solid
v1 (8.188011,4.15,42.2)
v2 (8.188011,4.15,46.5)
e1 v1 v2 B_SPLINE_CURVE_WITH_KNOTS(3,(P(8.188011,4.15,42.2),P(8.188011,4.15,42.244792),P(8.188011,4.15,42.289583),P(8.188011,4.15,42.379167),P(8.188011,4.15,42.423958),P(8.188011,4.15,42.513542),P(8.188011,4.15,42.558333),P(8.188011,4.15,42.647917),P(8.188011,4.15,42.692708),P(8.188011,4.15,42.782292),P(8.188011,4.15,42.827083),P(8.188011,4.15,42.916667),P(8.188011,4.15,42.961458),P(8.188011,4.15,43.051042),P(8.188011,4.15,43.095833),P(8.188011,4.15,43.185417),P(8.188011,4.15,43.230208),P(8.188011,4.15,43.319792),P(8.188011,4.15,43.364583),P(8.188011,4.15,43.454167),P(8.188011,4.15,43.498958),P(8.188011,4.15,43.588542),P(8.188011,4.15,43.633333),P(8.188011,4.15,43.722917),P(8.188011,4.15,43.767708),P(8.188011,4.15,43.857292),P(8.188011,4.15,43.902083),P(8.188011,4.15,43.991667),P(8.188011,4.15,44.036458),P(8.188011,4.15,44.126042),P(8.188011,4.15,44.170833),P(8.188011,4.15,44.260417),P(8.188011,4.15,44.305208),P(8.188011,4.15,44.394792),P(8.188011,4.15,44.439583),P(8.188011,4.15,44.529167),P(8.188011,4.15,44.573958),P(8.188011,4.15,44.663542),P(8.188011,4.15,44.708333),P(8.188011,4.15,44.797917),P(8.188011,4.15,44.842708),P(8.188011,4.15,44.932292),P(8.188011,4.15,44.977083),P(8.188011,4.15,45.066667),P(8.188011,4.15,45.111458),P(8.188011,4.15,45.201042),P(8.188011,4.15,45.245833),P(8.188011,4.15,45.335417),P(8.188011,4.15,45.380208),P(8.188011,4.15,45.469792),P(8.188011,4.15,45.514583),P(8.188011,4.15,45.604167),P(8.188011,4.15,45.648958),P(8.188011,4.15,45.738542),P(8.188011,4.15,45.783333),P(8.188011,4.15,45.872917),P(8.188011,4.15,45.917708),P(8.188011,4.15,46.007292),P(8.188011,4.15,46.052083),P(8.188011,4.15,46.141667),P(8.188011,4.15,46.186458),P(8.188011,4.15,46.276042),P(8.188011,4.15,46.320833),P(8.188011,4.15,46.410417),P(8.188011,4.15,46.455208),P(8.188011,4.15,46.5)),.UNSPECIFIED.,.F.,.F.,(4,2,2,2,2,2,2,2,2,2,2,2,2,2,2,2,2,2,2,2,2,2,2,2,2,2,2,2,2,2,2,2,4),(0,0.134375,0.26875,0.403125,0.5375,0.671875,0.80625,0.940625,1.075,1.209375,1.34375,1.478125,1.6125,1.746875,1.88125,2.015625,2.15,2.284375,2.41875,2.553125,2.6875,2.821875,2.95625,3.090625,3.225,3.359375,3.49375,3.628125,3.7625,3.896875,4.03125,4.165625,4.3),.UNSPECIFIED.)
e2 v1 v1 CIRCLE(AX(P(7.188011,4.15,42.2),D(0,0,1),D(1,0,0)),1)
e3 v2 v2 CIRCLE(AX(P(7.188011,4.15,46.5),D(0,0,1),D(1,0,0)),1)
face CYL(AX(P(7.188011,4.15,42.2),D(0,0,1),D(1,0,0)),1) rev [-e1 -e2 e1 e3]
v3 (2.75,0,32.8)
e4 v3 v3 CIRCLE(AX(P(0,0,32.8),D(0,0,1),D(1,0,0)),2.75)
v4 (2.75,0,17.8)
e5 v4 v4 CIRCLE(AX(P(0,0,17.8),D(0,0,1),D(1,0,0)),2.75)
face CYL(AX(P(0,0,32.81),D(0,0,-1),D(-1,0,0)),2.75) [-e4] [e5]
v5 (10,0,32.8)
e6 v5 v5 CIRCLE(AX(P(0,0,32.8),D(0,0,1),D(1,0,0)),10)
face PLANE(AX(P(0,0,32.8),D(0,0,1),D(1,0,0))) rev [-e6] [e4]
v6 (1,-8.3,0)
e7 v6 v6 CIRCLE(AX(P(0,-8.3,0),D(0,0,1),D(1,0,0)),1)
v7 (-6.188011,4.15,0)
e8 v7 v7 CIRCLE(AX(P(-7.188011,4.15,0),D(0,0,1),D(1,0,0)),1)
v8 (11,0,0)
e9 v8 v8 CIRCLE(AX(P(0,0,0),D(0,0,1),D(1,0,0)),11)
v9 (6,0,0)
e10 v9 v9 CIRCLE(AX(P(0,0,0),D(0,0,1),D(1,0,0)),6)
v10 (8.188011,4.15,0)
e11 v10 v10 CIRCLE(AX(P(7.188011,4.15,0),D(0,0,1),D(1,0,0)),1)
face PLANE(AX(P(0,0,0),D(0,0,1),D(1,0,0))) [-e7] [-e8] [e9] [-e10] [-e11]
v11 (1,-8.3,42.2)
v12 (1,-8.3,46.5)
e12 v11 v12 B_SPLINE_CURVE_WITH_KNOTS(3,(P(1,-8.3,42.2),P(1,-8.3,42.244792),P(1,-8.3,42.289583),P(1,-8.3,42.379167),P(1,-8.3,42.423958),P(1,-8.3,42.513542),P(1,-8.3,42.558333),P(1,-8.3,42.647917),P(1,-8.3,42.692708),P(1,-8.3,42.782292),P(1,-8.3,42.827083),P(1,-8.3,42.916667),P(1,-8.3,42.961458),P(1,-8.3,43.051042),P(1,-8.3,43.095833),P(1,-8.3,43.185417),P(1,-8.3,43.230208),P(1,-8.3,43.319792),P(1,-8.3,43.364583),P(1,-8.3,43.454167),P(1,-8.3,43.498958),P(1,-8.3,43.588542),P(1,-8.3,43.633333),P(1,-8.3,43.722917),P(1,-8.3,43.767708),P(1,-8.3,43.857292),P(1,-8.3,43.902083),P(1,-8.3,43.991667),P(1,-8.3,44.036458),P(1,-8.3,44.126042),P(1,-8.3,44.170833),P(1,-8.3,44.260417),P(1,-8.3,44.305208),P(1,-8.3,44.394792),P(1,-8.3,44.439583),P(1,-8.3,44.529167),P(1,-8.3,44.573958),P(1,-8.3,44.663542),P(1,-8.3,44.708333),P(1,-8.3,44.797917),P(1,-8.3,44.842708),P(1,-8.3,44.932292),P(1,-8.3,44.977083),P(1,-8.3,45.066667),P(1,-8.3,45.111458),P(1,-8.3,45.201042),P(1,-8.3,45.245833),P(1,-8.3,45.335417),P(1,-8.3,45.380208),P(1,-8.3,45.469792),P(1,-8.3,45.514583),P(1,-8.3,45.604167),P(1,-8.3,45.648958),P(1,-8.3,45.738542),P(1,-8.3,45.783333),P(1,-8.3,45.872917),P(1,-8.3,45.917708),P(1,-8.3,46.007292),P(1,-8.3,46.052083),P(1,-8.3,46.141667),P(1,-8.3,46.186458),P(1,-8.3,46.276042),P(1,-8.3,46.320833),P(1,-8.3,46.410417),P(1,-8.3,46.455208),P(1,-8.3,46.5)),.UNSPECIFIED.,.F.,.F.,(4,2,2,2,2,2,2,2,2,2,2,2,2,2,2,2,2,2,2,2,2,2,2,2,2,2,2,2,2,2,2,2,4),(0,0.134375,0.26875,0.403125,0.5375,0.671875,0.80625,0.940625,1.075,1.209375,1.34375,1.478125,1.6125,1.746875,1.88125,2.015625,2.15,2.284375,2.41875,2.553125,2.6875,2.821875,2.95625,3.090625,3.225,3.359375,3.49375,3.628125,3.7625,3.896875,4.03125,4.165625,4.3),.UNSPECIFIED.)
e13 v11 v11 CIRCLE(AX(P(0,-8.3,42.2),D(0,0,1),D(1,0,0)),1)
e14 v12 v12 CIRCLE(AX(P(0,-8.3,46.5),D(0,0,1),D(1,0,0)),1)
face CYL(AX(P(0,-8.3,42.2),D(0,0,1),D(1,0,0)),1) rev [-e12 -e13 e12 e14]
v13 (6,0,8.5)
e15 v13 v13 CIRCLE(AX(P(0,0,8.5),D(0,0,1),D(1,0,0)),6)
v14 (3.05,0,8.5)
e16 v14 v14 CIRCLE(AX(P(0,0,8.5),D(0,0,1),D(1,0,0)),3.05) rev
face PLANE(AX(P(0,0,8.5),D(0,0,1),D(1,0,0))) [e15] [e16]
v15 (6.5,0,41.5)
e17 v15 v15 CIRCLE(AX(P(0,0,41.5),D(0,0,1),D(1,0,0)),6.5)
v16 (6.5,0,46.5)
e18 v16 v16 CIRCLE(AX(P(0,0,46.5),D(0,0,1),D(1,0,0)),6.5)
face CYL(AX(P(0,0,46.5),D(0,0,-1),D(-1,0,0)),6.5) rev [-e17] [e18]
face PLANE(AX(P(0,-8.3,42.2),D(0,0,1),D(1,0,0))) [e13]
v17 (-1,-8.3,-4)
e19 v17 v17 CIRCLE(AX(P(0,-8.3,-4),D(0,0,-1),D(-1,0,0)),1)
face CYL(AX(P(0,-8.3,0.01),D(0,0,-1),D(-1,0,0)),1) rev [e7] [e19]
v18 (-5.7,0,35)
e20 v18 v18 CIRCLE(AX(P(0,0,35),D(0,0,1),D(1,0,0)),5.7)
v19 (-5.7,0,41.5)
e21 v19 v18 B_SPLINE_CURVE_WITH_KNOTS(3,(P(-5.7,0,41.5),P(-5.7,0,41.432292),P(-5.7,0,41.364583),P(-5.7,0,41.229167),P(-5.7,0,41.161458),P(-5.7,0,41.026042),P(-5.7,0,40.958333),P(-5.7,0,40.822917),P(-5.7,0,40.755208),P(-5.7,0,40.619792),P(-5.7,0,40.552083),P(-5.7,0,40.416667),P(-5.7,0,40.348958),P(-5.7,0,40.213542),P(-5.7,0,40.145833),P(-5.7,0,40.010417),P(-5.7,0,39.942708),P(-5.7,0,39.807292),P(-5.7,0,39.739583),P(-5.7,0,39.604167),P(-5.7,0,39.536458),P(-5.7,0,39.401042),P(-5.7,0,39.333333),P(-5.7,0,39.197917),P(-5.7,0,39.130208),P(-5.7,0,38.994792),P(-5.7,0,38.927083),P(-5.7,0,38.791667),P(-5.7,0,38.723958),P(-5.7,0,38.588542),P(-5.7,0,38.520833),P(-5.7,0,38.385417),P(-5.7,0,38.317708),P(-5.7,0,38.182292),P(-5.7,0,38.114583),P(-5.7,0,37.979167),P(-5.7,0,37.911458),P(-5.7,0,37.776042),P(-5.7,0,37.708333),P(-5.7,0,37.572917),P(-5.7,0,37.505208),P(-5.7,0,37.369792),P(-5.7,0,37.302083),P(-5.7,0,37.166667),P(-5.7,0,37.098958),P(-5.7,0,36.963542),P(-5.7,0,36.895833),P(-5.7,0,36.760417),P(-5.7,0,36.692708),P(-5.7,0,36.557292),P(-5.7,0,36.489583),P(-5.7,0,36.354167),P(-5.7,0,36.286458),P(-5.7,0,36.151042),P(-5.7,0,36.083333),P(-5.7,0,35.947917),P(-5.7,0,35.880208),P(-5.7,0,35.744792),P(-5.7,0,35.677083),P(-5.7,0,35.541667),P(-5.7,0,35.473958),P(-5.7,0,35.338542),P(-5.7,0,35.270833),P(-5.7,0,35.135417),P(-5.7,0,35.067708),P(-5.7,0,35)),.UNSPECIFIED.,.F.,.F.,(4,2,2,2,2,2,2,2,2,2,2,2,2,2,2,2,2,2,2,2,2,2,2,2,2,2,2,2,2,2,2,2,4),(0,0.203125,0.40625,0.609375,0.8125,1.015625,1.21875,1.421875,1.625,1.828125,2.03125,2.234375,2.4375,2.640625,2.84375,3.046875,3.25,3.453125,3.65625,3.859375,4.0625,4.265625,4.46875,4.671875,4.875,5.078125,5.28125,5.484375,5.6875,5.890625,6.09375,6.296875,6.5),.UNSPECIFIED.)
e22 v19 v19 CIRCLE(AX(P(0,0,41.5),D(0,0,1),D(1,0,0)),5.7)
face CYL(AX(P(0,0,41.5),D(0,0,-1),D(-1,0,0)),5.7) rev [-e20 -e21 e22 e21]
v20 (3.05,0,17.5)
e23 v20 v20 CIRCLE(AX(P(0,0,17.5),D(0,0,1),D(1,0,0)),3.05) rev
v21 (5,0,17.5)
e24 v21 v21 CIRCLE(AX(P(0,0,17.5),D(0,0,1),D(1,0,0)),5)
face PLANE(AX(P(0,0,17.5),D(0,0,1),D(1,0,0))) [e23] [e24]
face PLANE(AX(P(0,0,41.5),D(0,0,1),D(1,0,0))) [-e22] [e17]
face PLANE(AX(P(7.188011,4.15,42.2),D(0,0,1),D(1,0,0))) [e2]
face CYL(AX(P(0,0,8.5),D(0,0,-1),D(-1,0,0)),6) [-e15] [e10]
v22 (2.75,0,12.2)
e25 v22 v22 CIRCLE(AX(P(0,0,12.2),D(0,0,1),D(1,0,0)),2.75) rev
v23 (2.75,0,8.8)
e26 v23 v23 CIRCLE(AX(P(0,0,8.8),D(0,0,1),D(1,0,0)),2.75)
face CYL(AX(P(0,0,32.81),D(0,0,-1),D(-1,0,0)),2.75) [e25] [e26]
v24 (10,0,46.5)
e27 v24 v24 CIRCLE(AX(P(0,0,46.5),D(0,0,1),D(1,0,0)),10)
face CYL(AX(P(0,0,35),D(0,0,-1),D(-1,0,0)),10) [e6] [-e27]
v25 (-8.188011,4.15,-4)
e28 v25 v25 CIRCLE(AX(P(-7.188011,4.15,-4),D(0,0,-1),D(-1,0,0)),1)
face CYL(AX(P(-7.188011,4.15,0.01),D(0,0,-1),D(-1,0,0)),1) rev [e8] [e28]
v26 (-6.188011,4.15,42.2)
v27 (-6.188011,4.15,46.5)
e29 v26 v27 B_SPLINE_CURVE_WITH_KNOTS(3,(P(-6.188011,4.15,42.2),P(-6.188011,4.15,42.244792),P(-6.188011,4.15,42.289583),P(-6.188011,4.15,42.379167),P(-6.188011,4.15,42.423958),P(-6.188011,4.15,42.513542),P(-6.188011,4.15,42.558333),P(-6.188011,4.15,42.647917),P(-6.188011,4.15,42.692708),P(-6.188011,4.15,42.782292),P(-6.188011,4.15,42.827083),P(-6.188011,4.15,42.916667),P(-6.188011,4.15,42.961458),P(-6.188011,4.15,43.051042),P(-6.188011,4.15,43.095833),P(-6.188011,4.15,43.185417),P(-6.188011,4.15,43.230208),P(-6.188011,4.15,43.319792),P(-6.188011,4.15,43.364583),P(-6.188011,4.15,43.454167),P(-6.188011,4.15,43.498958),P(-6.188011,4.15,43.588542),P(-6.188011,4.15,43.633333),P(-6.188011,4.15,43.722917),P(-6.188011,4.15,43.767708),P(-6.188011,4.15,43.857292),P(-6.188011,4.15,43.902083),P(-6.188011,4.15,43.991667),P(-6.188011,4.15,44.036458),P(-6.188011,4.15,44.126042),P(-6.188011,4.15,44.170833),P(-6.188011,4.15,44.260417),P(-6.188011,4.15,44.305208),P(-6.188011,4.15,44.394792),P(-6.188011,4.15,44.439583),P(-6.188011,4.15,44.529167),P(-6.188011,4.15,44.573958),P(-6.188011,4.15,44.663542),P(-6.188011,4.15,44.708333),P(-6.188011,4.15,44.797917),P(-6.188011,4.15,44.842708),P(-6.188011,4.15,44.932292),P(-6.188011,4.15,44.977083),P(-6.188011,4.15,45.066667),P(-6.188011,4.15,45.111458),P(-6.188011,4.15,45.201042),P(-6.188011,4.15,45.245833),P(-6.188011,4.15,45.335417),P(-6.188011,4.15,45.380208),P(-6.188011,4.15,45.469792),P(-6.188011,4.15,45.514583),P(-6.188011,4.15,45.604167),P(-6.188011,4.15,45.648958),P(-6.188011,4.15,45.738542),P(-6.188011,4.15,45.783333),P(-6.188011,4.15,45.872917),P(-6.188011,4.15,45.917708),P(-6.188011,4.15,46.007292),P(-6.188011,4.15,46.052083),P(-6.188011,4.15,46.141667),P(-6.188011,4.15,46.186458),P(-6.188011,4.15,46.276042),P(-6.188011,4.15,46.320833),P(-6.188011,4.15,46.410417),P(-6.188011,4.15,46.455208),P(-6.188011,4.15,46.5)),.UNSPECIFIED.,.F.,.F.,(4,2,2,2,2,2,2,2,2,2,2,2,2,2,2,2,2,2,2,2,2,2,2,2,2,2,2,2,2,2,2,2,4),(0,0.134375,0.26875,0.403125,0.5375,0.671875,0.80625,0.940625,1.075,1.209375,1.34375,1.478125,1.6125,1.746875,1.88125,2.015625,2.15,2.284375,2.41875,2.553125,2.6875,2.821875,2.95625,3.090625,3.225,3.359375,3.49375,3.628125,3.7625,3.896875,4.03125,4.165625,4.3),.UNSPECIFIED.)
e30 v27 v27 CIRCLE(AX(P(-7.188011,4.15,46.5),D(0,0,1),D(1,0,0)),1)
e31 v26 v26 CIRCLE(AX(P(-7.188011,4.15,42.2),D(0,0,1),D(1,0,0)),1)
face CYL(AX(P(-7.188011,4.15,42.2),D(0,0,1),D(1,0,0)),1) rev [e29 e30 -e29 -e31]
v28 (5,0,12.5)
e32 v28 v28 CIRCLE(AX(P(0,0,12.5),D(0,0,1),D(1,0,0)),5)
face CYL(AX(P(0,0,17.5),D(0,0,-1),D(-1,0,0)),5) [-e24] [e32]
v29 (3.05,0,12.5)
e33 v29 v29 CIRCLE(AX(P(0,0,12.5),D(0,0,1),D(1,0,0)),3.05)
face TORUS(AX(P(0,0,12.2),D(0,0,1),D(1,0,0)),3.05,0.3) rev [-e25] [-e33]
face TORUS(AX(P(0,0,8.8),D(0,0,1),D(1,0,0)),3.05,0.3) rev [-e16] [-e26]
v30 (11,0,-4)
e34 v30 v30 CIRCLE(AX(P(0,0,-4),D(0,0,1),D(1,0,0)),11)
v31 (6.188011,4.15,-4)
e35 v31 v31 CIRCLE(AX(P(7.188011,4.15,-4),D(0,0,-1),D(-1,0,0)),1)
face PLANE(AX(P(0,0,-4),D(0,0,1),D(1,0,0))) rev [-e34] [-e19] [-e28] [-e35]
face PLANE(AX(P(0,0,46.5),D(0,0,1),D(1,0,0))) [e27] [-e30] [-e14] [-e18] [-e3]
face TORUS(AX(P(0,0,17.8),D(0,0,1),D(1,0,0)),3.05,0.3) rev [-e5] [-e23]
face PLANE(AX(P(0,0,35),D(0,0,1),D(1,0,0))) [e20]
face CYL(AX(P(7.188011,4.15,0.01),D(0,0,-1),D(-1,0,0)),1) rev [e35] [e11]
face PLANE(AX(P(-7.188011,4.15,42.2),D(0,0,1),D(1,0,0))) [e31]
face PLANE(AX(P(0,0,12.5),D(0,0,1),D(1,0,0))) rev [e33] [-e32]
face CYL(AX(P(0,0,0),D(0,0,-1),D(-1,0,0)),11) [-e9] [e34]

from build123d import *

# Parameters (mm, degrees)
MOUNTING_FLANGE_START                          = -4
SKETCH1_R                                      = 11
MOUNTING_FLANGE_DEPTH                          = 4
SKETCH2_R                                      = 2.75
D5P5_CENTRAL_POST_DEPTH                        = 32.81
CLOSED_FLOOR_BELOW_SHAFT_NOSE_START            = 32.8
SKETCH3_R                                      = 10
CLOSED_FLOOR_BELOW_SHAFT_NOSE_DEPTH            = 2.2
SHAFT_AND_CLIP_CLEARANCE_START                 = 35
SKETCH4_R                                      = 10
SKETCH4_R_2                                    = 5.7
SHAFT_AND_CLIP_CLEARANCE_DEPTH                 = 6.5
LOWER_686ZZ_SEAT_START                         = 41.5
SKETCH5_R                                      = 10
SKETCH5_R_2                                    = 6.5
LOWER_686ZZ_SEAT_DEPTH                         = 5
SKETCH6_R                                      = 1
BASE_THREE_M2_THROUGH_THREAD_MAJOR_ENVEL_DEPTH = 4.01
TOP_CAP_THREE_M2_BLIND_THREAD_MAJOR_ENVE_START = -4.3
SKETCH7_R                                      = 1
TOP_CAP_THREE_M2_BLIND_THREAD_MAJOR_ENVE_DEPTH = 4.3
SKETCH8_R                                      = 6
BENCH_D12_ROOT_TO8P5_DEPTH                     = 8.5
BENCH_D10_MID_COLLAR_12P5_TO17P5_START         = 12.5
SKETCH9_R                                      = 5
BENCH_D10_MID_COLLAR_12P5_TO17P5_DEPTH         = 5
BENCH_STEP_TRANSITIONS_FILLET_R0P30_R          = 0.3


with BuildPart() as part:
    # Sketch1 → Mounting_Flange (new body)
    with BuildSketch(Plane.XY.offset(MOUNTING_FLANGE_START)):
        Circle(SKETCH1_R)
    extrude(amount=MOUNTING_FLANGE_DEPTH)

    # Sketch2 → D5p5_Central_Post (add)
    with BuildSketch(Plane.XY):
        Circle(SKETCH2_R)
    extrude(amount=D5P5_CENTRAL_POST_DEPTH)

    # Sketch3 → Closed_Floor_Below_Shaft_Nose (add)
    with BuildSketch(Plane.XY.offset(CLOSED_FLOOR_BELOW_SHAFT_NOSE_START)):
        Circle(SKETCH3_R)
    extrude(amount=CLOSED_FLOOR_BELOW_SHAFT_NOSE_DEPTH)

    # Sketch4 → Shaft_And_Clip_Clearance (add)
    with BuildSketch(Plane.XY.offset(SHAFT_AND_CLIP_CLEARANCE_START)):
        Circle(SKETCH4_R)
        with Locations(Location((0, 0, 0), (0, 0, 180))):
            Circle(SKETCH4_R_2, mode=Mode.SUBTRACT)
    extrude(amount=SHAFT_AND_CLIP_CLEARANCE_DEPTH)

    # Sketch5 → Lower_686ZZ_Seat (add)
    with BuildSketch(Plane.XY.offset(LOWER_686ZZ_SEAT_START)):
        Circle(SKETCH5_R)
        Circle(SKETCH5_R_2, mode=Mode.SUBTRACT)
    extrude(amount=LOWER_686ZZ_SEAT_DEPTH)

    # Sketch6 → Base_Three_M2_Through_Thread_Major_Envelopes (cut)
    with BuildSketch(Plane(origin=(0, 0, -4), x_dir=(-1, 0, 0), z_dir=(0, 0, -1))):
        with Locations((-7.188010851, 4.15)):
            Circle(SKETCH6_R)
        with Locations((7.188010851, 4.15)):
            Circle(SKETCH6_R)
        with Locations((0, -8.3)):
            Circle(SKETCH6_R)
    extrude(amount=-BASE_THREE_M2_THROUGH_THREAD_MAJOR_ENVEL_DEPTH, mode=Mode.SUBTRACT)

    # Sketch7 → Top_Cap_Three_M2_Blind_Thread_Major_Envelopes (cut)
    with BuildSketch(Plane.XY.offset(46.5).offset(TOP_CAP_THREE_M2_BLIND_THREAD_MAJOR_ENVE_START)):
        with Locations(Location((7.188010851, 4.15, 0), (0, 0, 180))):
            Circle(SKETCH7_R)
        with Locations(Location((-7.188010851, 4.15, 0), (0, 0, 180))):
            Circle(SKETCH7_R)
        with Locations(Location((0, -8.3, 0), (0, 0, 180))):
            Circle(SKETCH7_R)
    extrude(amount=TOP_CAP_THREE_M2_BLIND_THREAD_MAJOR_ENVE_DEPTH, mode=Mode.SUBTRACT)

    # Sketch8 → Bench_D12_Root_To8p5 (add)
    with BuildSketch(Plane.XY):
        Circle(SKETCH8_R)
    extrude(amount=BENCH_D12_ROOT_TO8P5_DEPTH)

    # Sketch9 → Bench_D10_Mid_Collar_12p5_To17p5 (add)
    with BuildSketch(Plane.XY.offset(BENCH_D10_MID_COLLAR_12P5_TO17P5_START)):
        Circle(SKETCH9_R)
    extrude(amount=BENCH_D10_MID_COLLAR_12P5_TO17P5_DEPTH)

    # Bench_Step_Transitions_Fillet_R0p30
    bench_step_transitions_fillet_r0p30_edges = [part.edges().sort_by_distance(p)[0] for p in [
        (-2.75, 0, 8.5),
        (-2.75, 0, 12.5),
        (-2.75, 0, 17.5),
    ]]
    fillet(bench_step_transitions_fillet_r0p30_edges, radius=BENCH_STEP_TRANSITIONS_FILLET_R0P30_R)


solid = part.part
